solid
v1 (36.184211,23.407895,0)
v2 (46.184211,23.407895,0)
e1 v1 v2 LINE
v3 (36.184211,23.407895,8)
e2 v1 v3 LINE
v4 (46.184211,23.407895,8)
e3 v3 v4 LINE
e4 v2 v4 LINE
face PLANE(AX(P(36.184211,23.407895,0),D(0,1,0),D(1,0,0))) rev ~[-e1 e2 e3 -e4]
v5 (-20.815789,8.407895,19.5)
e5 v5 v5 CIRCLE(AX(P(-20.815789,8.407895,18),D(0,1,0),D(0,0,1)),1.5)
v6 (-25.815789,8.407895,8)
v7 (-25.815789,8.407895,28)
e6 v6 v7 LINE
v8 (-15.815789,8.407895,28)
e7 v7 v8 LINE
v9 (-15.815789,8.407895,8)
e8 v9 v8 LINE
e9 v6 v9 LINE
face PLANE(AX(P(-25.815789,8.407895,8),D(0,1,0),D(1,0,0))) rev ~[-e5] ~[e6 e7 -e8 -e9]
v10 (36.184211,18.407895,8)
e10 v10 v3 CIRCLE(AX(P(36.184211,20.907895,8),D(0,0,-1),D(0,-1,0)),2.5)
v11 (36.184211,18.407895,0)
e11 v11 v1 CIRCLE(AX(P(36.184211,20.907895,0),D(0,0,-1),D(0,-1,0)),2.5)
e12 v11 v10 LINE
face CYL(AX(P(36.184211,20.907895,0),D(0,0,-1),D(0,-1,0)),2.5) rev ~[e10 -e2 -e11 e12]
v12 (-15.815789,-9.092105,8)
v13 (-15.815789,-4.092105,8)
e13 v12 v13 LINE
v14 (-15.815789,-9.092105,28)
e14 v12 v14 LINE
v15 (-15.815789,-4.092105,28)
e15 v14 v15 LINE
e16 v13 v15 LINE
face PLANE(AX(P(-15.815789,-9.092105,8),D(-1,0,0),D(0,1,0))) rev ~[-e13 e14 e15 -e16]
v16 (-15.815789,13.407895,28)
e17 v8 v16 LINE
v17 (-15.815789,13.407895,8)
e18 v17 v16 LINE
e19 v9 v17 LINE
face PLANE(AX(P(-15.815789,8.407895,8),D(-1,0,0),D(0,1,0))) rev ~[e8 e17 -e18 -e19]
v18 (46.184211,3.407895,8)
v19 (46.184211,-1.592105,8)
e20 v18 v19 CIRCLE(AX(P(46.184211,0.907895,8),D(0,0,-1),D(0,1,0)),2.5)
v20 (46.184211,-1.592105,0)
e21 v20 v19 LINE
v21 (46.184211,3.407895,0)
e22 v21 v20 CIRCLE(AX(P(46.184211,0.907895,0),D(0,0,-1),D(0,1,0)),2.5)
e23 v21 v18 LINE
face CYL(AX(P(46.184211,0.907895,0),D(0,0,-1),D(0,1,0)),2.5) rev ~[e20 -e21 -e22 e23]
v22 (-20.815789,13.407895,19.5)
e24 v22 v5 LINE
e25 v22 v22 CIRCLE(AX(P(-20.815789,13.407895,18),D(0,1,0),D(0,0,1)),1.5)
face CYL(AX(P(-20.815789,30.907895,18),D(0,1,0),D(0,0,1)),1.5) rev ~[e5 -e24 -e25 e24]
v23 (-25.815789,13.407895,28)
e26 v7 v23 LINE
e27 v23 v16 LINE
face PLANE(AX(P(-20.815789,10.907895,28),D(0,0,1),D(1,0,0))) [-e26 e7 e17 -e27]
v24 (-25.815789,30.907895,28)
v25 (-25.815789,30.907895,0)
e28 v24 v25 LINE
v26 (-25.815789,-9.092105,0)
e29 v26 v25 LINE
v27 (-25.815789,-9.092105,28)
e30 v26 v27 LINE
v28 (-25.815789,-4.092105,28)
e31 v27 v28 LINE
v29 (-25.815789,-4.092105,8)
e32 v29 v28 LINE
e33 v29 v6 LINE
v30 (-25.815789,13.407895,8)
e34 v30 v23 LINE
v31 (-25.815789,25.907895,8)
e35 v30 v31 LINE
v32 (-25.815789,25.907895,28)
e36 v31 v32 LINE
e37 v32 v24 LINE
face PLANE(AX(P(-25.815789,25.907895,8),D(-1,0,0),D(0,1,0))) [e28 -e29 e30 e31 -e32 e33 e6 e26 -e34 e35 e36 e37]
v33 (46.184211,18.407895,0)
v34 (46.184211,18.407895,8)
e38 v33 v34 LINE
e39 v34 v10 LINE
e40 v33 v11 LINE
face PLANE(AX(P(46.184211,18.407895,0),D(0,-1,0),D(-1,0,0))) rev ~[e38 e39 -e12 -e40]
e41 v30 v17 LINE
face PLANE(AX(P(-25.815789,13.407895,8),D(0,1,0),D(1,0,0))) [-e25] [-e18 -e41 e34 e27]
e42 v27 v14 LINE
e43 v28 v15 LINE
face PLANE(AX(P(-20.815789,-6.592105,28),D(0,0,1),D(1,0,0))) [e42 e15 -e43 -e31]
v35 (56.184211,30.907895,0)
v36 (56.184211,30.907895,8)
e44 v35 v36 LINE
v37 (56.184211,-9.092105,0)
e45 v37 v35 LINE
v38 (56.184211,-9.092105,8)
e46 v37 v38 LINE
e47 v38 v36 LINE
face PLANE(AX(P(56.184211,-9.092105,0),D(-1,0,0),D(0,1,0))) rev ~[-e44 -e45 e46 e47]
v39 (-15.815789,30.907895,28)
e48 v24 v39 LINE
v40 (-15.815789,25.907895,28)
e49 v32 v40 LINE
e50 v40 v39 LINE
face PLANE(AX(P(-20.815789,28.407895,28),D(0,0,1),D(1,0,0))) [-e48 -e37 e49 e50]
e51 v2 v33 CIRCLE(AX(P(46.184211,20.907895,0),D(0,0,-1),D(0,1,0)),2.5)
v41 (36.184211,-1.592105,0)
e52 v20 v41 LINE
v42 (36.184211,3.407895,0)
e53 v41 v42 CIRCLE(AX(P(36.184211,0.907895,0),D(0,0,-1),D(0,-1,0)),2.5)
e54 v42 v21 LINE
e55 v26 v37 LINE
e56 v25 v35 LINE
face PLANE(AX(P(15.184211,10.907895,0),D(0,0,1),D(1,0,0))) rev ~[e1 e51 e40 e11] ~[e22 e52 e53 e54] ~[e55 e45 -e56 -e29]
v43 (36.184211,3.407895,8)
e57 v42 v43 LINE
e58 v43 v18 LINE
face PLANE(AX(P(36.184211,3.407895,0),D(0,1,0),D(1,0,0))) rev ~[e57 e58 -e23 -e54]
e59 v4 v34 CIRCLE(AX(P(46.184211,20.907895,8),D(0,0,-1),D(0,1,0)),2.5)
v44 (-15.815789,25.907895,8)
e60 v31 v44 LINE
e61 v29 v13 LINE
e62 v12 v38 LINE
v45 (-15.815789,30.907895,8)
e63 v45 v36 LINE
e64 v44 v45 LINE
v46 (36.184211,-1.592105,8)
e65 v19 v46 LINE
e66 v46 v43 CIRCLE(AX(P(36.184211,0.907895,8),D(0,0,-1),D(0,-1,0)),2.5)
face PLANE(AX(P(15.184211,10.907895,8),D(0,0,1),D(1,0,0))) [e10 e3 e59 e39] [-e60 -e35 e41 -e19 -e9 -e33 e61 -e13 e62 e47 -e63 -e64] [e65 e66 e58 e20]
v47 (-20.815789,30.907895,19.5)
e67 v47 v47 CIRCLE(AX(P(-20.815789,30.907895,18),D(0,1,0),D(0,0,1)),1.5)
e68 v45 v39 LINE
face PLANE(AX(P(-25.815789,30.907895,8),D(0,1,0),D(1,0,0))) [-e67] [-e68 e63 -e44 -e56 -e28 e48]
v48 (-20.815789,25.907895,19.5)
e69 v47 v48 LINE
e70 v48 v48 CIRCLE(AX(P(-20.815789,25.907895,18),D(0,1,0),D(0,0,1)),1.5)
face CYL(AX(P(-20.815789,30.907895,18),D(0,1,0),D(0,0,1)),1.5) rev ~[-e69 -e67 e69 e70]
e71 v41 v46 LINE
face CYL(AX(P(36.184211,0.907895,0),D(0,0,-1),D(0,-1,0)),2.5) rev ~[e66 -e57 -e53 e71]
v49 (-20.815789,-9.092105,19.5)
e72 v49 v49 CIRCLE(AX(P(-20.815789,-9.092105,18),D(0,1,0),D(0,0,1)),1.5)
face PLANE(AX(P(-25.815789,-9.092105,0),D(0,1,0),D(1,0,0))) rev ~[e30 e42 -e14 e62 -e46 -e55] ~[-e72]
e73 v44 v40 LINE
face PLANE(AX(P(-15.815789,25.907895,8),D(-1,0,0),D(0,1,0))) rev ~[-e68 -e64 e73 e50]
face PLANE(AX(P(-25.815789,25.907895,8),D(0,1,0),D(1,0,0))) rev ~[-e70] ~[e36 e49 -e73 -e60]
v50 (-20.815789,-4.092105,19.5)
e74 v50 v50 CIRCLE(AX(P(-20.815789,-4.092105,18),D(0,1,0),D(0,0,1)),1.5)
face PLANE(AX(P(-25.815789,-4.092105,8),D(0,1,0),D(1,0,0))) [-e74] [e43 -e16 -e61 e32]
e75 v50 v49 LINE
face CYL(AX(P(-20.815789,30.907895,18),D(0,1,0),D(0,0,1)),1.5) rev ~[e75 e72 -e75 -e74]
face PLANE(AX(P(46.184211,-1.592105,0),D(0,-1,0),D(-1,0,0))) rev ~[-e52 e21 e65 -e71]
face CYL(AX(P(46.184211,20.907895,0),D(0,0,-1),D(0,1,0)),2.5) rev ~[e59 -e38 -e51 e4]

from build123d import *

# Parameters (mm, degrees)
SKETCH_1_W          = 82
SKETCH_1_H          = 40
EXTRUDE_1_DEPTH     = 8
SKETCH_3_W          = 10
SKETCH_3_H          = 5
EXTRUDE_3_DEPTH     = 20
SKETCH_4_R          = 1.5
CUT_EXTRUDE_1_DEPTH = 47


with BuildPart() as part:
    # 草图1 → 凸台-拉伸1 (new body)
    with BuildSketch(Plane.XY):
        with Locations((15.184210526, 10.907894737)):
            Rectangle(SKETCH_1_W, SKETCH_1_H)
        with BuildLine():
            Line((46.184210526, -1.592105263), (36.184210526, -1.592105263))
            ThreePointArc((36.184210526, -1.592105263), (33.684210526, 0.907894737), (36.184210526, 3.407894737))
            Line((36.184210526, 3.407894737), (46.184210526, 3.407894737))
            ThreePointArc((46.184210526, 3.407894737), (48.684210526, 0.907894737), (46.184210526, -1.592105263))
        make_face(mode=Mode.SUBTRACT)
        with BuildLine():
            Line((46.184210526, 18.407894737), (36.184210526, 18.407894737))
            ThreePointArc((36.184210526, 18.407894737), (33.684210526, 20.907894737), (36.184210526, 23.407894737))
            Line((36.184210526, 23.407894737), (46.184210526, 23.407894737))
            ThreePointArc((46.184210526, 23.407894737), (48.684210526, 20.907894737), (46.184210526, 18.407894737))
        make_face(mode=Mode.SUBTRACT)
    extrude(amount=EXTRUDE_1_DEPTH)

    # 草图3 → 凸台-拉伸3 (add)
    with BuildSketch(Plane.XY.offset(8)):
        with Locations((-20.815789474, 28.407894737)):
            Rectangle(SKETCH_3_W, SKETCH_3_H)
        with Locations((-20.815789474, -6.592105263)):
            Rectangle(SKETCH_3_W, SKETCH_3_H)
        with Locations((-20.815789474, 10.907894737)):
            Rectangle(SKETCH_3_W, SKETCH_3_H)
    extrude(amount=EXTRUDE_3_DEPTH)

    # 草图4 → 切除-拉伸1 (cut)
    with BuildSketch(Plane(origin=(0, 30.907894737, 0), x_dir=(1, 0, 0), z_dir=(0, 1, 0))):
        with Locations(Location((-20.815789474, -18, 0), (0, 0, 270))):
            Circle(SKETCH_4_R)
    extrude(amount=-CUT_EXTRUDE_1_DEPTH, mode=Mode.SUBTRACT)


solid = part.part
